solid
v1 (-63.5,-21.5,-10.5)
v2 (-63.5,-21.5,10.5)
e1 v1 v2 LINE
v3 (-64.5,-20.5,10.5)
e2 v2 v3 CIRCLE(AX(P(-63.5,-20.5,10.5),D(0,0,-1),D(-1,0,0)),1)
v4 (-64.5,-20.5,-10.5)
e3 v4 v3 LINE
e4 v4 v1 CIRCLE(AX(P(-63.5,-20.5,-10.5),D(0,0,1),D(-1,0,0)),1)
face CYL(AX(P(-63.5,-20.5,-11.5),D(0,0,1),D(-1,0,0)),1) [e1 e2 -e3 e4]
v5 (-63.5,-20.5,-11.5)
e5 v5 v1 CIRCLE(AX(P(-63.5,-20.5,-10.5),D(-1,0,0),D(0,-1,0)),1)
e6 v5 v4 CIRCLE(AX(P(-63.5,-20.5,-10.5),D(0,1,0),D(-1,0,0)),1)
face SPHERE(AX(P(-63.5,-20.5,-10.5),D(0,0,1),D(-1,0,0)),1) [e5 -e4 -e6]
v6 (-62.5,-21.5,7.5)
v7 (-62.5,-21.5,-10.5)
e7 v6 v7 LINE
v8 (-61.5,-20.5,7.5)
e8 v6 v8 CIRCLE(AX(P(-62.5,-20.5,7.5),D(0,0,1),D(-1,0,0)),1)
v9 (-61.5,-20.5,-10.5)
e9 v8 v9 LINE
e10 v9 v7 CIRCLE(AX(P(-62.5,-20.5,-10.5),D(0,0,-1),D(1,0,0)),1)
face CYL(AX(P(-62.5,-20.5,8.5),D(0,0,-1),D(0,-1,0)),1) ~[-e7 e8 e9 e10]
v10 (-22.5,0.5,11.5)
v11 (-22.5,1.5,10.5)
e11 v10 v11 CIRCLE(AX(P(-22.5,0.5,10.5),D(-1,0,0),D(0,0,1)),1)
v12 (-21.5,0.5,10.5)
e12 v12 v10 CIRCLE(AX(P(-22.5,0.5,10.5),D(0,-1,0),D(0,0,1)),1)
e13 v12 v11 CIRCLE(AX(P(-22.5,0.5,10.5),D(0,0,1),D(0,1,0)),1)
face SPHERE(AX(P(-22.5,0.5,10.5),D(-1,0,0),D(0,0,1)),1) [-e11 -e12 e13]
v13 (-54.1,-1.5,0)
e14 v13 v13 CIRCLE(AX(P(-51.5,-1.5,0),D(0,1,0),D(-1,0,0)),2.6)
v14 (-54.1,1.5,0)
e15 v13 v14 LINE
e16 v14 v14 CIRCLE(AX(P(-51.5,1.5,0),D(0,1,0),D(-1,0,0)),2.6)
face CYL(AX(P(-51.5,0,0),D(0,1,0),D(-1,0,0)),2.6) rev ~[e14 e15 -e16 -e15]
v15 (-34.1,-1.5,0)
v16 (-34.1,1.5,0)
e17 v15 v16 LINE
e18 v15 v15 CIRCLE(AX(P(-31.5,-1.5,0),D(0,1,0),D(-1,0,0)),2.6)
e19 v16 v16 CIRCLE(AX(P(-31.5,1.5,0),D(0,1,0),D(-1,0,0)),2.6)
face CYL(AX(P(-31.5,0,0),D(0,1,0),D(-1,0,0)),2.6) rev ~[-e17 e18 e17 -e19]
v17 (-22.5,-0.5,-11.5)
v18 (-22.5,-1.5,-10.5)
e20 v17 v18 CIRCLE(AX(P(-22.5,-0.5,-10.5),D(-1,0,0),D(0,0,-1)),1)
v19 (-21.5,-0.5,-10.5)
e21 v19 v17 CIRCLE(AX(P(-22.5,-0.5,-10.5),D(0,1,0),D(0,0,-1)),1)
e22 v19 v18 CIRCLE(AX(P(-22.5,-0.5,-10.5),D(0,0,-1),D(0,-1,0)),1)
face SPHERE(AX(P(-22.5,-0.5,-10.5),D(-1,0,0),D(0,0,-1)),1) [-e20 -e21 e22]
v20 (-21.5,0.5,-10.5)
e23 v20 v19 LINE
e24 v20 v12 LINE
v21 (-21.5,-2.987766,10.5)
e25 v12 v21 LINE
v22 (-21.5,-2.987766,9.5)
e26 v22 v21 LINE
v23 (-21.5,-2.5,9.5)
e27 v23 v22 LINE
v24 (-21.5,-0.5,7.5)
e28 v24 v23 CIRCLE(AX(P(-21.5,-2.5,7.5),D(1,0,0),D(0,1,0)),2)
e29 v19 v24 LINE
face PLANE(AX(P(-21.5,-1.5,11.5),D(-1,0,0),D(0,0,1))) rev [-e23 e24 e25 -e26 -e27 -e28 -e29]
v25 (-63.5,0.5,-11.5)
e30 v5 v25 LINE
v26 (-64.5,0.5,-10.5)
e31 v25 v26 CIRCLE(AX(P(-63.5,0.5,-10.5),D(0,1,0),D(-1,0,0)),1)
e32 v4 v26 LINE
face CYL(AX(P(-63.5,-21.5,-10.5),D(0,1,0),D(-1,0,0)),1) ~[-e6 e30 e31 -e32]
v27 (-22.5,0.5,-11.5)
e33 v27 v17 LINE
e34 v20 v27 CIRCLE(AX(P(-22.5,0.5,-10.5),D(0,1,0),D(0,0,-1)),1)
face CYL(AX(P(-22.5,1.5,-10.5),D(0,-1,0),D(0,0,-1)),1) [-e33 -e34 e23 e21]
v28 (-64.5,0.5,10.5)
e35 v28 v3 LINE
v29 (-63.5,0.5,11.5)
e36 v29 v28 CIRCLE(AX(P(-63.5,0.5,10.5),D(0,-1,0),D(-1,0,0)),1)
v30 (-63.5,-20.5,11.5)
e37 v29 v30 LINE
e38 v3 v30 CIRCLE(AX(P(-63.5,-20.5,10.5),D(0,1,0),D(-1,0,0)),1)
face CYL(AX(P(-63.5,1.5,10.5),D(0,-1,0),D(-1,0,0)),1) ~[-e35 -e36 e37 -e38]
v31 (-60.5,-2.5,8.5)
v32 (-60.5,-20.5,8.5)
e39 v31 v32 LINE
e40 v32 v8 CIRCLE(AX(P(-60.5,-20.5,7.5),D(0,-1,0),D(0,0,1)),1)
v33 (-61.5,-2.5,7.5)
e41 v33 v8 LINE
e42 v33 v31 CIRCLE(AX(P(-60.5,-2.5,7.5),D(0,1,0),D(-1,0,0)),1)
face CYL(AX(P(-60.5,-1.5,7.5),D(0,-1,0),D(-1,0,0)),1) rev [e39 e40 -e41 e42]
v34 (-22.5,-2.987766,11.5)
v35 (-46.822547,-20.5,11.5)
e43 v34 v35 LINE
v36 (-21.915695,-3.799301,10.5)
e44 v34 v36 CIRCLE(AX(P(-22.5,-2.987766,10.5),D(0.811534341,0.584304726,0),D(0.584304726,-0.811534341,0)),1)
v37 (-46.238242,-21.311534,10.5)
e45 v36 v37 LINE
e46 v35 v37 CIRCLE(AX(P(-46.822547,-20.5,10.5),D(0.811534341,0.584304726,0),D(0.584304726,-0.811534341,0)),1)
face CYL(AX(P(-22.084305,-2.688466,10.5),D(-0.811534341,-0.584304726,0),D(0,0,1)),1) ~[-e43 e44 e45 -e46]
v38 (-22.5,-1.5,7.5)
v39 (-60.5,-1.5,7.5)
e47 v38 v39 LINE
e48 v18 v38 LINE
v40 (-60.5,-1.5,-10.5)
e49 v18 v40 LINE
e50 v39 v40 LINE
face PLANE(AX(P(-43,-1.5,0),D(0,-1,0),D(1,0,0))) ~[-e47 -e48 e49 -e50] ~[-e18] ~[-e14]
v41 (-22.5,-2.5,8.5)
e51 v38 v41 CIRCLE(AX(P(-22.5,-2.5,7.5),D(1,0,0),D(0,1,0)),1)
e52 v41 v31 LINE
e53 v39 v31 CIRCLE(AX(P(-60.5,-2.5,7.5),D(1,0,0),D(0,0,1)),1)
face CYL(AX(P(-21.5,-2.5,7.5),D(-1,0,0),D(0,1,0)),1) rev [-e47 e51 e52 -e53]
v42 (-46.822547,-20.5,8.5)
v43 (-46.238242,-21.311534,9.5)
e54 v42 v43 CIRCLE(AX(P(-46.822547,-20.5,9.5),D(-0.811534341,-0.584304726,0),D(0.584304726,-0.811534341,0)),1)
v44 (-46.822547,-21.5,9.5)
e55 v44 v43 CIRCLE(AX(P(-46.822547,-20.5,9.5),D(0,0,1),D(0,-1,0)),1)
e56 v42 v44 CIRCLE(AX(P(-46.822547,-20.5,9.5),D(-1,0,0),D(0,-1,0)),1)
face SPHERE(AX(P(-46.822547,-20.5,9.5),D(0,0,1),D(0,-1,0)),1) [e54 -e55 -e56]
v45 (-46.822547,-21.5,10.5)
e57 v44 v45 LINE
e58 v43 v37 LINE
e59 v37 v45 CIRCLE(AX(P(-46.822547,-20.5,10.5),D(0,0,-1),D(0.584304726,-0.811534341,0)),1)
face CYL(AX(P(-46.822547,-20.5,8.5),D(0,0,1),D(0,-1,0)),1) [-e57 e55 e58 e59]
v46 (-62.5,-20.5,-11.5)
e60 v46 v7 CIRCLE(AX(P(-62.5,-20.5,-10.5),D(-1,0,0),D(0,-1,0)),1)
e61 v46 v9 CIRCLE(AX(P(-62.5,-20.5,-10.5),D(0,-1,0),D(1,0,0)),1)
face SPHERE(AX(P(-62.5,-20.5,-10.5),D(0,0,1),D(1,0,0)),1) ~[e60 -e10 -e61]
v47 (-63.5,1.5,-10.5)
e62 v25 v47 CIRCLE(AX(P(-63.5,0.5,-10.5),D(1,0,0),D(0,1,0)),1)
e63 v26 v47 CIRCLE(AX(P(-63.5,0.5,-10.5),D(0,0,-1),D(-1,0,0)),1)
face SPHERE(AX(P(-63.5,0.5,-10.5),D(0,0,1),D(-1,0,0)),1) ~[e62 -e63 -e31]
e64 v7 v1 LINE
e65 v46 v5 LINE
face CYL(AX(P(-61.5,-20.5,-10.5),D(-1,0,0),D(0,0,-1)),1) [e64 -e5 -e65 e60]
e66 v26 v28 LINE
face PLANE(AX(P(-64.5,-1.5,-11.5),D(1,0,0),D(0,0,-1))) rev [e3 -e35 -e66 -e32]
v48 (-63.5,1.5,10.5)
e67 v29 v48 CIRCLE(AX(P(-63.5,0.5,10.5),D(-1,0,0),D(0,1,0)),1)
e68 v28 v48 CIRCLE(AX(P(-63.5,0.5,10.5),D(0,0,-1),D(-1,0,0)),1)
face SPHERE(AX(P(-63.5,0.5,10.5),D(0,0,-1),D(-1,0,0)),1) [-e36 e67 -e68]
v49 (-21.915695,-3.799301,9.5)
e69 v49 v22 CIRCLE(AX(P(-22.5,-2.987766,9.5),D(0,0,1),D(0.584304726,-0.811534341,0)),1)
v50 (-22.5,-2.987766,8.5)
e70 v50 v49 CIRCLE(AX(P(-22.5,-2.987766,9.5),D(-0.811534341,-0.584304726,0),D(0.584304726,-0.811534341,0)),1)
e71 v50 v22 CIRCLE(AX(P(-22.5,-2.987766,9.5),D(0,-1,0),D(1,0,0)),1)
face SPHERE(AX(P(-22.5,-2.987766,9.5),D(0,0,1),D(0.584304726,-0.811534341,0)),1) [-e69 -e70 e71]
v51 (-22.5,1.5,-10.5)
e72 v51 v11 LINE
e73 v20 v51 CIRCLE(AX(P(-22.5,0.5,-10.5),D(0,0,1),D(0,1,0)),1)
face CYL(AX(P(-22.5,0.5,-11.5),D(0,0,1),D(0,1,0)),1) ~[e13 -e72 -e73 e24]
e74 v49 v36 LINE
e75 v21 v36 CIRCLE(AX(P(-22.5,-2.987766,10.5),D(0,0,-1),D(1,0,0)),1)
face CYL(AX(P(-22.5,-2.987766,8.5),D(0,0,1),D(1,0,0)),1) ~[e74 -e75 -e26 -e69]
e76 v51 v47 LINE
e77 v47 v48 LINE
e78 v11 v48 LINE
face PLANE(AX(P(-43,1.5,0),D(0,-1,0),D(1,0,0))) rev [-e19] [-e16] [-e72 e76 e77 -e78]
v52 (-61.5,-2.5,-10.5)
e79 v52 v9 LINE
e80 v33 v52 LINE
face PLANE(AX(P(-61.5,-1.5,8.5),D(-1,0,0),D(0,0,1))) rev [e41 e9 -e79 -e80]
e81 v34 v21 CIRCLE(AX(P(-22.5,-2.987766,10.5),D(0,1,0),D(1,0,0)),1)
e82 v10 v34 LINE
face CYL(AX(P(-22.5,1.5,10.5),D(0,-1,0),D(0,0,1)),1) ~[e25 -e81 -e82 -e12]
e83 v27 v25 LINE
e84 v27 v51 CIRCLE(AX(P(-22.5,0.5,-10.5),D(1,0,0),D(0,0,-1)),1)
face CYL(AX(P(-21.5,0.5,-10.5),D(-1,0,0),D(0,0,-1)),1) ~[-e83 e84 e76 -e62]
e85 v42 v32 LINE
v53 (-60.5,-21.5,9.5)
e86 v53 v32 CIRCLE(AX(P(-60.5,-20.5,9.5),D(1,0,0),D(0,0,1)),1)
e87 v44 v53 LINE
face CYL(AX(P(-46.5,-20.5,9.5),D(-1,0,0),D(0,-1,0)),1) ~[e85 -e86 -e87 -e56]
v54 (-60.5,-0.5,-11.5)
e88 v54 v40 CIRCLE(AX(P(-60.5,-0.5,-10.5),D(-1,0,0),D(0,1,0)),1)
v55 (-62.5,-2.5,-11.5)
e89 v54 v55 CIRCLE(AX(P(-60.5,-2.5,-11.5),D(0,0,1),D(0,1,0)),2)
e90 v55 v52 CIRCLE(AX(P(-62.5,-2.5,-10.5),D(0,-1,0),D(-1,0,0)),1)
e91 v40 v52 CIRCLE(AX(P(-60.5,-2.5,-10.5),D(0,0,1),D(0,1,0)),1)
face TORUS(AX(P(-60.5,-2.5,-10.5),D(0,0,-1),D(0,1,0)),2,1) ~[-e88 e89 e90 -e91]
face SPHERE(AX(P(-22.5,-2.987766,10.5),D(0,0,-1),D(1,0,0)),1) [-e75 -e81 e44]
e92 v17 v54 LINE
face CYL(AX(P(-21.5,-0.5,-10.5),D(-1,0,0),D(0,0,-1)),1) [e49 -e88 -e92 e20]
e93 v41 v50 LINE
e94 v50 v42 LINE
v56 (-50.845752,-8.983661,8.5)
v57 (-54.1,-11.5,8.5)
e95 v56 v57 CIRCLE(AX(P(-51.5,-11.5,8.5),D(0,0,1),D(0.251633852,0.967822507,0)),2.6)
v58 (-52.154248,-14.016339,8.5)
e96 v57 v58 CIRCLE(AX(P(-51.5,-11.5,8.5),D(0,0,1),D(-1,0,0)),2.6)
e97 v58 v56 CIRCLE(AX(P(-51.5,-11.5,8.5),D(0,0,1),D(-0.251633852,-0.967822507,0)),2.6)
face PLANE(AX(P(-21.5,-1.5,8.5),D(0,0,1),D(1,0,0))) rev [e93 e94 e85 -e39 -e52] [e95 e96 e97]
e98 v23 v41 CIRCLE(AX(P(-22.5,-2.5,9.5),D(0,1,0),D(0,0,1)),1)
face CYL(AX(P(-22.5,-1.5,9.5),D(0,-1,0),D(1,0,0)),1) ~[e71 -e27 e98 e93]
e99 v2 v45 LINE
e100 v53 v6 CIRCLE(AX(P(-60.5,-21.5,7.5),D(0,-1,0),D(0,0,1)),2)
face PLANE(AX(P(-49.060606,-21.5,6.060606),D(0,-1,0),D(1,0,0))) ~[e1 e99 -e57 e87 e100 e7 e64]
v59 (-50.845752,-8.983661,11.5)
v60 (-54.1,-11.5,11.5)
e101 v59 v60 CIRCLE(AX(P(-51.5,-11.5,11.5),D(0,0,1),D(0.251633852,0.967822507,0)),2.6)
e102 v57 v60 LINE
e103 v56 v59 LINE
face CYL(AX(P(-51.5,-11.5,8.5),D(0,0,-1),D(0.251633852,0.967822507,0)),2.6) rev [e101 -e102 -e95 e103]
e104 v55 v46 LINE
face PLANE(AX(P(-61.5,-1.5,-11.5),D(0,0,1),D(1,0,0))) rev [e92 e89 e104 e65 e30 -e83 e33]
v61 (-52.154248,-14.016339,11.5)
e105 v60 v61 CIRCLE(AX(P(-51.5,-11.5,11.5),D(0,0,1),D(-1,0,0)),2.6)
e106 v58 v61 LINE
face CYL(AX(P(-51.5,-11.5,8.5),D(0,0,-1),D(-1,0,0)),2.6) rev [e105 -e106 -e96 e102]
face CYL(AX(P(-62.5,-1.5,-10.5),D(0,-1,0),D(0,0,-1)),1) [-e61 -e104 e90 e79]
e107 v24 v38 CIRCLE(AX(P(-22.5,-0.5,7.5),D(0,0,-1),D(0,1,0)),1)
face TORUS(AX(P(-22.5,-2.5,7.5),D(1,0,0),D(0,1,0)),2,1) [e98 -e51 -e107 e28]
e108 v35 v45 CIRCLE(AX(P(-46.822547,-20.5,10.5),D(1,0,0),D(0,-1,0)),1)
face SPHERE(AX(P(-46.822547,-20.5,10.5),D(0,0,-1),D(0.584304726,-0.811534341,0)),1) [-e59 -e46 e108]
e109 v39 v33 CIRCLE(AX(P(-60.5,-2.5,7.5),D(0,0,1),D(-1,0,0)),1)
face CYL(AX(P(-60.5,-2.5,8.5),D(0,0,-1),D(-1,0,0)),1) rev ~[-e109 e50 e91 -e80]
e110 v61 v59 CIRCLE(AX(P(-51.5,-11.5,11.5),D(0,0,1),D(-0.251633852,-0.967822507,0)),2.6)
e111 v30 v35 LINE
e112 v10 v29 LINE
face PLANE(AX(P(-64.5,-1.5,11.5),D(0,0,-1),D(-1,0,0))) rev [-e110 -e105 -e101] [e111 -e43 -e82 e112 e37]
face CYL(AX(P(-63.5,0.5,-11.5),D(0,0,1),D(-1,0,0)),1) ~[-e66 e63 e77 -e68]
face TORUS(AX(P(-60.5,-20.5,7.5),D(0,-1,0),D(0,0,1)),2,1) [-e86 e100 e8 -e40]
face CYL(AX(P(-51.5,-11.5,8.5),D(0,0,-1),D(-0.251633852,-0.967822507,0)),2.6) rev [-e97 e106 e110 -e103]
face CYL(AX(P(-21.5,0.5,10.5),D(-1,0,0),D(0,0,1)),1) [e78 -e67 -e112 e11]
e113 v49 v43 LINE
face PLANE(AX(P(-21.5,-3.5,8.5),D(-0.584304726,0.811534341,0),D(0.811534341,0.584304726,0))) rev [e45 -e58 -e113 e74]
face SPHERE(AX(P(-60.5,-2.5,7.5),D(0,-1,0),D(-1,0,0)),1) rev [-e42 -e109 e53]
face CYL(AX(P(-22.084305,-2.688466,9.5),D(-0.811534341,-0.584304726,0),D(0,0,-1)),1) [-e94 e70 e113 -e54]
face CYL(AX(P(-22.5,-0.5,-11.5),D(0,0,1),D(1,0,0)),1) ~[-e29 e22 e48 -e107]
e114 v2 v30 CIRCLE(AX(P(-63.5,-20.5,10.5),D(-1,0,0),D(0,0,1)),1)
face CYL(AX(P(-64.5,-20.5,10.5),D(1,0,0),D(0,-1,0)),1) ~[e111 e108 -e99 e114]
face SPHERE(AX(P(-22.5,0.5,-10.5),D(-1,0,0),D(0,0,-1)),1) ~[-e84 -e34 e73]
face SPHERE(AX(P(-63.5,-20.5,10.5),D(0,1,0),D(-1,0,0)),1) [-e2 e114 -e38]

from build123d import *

# Parameters (mm, degrees)
F0_W     = 43
F0_H     = 23
F0_R     = 2.6
F1_DEPTH = 1.5
F3_DEPTH = 20
F5_DEPTH = 3.001
F7_DEPTH = 3.001
F8_R     = 1


with BuildPart() as f1:
    # F0 (on Front) → F1 (new body, symmetric)
    with BuildSketch(Plane.XZ):
        Rectangle(F0_W, F0_H)
        with Locations((-11.5, 0)):
            Circle(F0_R, mode=Mode.SUBTRACT)
        with Locations((8.5, 0)):
            Circle(F0_R, mode=Mode.SUBTRACT)
    extrude(amount=F1_DEPTH, both=True)

    # F2 (on face) → F3 (join)
    with BuildSketch(Plane.XZ.offset(1.5)):
        Polygon((21.5, -11.5), (21.5, 11.5), (-21.5, 11.5), (-21.5, 8.5), (18.5, 8.5), (18.5, -11.5), align=None)
    extrude(amount=F3_DEPTH)

    # F4 (on face) → F5 (cut, through all)
    with BuildSketch(Plane(origin=(0, 0, 8.5), x_dir=(1, 0, 0), z_dir=(0, 0, -1))):
        with BuildLine():
            ThreePointArc((9.1542480146, 14.0163385176), (5.9836614824, 12.1542480146), (7.8457519854, 8.9836614824))
            Line((7.8457519854, 8.9836614824), (9.1542480146, 14.0163385176))
        make_face()
        with BuildLine():
            Line((9.1542480146, 14.0163385176), (7.8457519854, 8.9836614824))
            ThreePointArc((7.8457519854, 8.9836614824), (10.0904331426, 9.4431766194), (11.1, 11.5))
            ThreePointArc((11.1, 11.5), (10.5568233806, 13.0904331426), (9.1542480146, 14.0163385176))
        make_face()
    extrude(amount=-F5_DEPTH, mode=Mode.SUBTRACT)

    # F6 (on face) → F7 (cut, through all)
    with BuildSketch(Plane(origin=(0, 0, 8.5), x_dir=(1, 0, 0), z_dir=(0, 0, -1))):
        Polygon((-21.5, 3.5), (3.5, 21.5), (-21.5, 21.5), align=None)
    extrude(amount=-F7_DEPTH, mode=Mode.SUBTRACT)

    # F8
    f8_edges = [f1.edges().sort_by_distance(p)[0] for p in [
        (21.5, 1.5, 0),
        (21.5, -10, 11.5),
        (21.5, -21.5, 0),
        (21.5, -10, -11.5),
        (0, 1.5, -11.5),
        (0, 1.5, 11.5),
        (-21.5, -1, 11.5),
        (-9, -12.5, 11.5),
        (12.5, -21.5, 11.5),
        (-9, -12.5, 8.5),
        (3.5, -21.5, 10),
        (11, -21.5, 8.5),
        (18.5, -21.5, -1.5),
        (-1.5, -1.5, -11.5),
        (18.5, -11.5, 8.5),
        (18.5, -11.5, -11.5),
        (18.5, -1.5, -1.5),
        (20, -21.5, -11.5),
        (-21.5, 0, -11.5),
        (-21.5, 1.5, 0),
        (-21.5, -1.5, -1.5),
        (-21.5, -2.5, 8.5),
        (-21.5, -3.5, 10),
        (-1.5, -1.5, 8.5),
    ]]
    fillet(f8_edges, radius=F8_R)


with BuildPart() as f10_1:
    # F10: instance of F1
    add(f1.part.mirror(Plane(origin=(-21.5, -0.2115756963, 1.3410341816), x_dir=(0, -1, 0), z_dir=(-1, 0, 0))))


solid = f10_1.part
